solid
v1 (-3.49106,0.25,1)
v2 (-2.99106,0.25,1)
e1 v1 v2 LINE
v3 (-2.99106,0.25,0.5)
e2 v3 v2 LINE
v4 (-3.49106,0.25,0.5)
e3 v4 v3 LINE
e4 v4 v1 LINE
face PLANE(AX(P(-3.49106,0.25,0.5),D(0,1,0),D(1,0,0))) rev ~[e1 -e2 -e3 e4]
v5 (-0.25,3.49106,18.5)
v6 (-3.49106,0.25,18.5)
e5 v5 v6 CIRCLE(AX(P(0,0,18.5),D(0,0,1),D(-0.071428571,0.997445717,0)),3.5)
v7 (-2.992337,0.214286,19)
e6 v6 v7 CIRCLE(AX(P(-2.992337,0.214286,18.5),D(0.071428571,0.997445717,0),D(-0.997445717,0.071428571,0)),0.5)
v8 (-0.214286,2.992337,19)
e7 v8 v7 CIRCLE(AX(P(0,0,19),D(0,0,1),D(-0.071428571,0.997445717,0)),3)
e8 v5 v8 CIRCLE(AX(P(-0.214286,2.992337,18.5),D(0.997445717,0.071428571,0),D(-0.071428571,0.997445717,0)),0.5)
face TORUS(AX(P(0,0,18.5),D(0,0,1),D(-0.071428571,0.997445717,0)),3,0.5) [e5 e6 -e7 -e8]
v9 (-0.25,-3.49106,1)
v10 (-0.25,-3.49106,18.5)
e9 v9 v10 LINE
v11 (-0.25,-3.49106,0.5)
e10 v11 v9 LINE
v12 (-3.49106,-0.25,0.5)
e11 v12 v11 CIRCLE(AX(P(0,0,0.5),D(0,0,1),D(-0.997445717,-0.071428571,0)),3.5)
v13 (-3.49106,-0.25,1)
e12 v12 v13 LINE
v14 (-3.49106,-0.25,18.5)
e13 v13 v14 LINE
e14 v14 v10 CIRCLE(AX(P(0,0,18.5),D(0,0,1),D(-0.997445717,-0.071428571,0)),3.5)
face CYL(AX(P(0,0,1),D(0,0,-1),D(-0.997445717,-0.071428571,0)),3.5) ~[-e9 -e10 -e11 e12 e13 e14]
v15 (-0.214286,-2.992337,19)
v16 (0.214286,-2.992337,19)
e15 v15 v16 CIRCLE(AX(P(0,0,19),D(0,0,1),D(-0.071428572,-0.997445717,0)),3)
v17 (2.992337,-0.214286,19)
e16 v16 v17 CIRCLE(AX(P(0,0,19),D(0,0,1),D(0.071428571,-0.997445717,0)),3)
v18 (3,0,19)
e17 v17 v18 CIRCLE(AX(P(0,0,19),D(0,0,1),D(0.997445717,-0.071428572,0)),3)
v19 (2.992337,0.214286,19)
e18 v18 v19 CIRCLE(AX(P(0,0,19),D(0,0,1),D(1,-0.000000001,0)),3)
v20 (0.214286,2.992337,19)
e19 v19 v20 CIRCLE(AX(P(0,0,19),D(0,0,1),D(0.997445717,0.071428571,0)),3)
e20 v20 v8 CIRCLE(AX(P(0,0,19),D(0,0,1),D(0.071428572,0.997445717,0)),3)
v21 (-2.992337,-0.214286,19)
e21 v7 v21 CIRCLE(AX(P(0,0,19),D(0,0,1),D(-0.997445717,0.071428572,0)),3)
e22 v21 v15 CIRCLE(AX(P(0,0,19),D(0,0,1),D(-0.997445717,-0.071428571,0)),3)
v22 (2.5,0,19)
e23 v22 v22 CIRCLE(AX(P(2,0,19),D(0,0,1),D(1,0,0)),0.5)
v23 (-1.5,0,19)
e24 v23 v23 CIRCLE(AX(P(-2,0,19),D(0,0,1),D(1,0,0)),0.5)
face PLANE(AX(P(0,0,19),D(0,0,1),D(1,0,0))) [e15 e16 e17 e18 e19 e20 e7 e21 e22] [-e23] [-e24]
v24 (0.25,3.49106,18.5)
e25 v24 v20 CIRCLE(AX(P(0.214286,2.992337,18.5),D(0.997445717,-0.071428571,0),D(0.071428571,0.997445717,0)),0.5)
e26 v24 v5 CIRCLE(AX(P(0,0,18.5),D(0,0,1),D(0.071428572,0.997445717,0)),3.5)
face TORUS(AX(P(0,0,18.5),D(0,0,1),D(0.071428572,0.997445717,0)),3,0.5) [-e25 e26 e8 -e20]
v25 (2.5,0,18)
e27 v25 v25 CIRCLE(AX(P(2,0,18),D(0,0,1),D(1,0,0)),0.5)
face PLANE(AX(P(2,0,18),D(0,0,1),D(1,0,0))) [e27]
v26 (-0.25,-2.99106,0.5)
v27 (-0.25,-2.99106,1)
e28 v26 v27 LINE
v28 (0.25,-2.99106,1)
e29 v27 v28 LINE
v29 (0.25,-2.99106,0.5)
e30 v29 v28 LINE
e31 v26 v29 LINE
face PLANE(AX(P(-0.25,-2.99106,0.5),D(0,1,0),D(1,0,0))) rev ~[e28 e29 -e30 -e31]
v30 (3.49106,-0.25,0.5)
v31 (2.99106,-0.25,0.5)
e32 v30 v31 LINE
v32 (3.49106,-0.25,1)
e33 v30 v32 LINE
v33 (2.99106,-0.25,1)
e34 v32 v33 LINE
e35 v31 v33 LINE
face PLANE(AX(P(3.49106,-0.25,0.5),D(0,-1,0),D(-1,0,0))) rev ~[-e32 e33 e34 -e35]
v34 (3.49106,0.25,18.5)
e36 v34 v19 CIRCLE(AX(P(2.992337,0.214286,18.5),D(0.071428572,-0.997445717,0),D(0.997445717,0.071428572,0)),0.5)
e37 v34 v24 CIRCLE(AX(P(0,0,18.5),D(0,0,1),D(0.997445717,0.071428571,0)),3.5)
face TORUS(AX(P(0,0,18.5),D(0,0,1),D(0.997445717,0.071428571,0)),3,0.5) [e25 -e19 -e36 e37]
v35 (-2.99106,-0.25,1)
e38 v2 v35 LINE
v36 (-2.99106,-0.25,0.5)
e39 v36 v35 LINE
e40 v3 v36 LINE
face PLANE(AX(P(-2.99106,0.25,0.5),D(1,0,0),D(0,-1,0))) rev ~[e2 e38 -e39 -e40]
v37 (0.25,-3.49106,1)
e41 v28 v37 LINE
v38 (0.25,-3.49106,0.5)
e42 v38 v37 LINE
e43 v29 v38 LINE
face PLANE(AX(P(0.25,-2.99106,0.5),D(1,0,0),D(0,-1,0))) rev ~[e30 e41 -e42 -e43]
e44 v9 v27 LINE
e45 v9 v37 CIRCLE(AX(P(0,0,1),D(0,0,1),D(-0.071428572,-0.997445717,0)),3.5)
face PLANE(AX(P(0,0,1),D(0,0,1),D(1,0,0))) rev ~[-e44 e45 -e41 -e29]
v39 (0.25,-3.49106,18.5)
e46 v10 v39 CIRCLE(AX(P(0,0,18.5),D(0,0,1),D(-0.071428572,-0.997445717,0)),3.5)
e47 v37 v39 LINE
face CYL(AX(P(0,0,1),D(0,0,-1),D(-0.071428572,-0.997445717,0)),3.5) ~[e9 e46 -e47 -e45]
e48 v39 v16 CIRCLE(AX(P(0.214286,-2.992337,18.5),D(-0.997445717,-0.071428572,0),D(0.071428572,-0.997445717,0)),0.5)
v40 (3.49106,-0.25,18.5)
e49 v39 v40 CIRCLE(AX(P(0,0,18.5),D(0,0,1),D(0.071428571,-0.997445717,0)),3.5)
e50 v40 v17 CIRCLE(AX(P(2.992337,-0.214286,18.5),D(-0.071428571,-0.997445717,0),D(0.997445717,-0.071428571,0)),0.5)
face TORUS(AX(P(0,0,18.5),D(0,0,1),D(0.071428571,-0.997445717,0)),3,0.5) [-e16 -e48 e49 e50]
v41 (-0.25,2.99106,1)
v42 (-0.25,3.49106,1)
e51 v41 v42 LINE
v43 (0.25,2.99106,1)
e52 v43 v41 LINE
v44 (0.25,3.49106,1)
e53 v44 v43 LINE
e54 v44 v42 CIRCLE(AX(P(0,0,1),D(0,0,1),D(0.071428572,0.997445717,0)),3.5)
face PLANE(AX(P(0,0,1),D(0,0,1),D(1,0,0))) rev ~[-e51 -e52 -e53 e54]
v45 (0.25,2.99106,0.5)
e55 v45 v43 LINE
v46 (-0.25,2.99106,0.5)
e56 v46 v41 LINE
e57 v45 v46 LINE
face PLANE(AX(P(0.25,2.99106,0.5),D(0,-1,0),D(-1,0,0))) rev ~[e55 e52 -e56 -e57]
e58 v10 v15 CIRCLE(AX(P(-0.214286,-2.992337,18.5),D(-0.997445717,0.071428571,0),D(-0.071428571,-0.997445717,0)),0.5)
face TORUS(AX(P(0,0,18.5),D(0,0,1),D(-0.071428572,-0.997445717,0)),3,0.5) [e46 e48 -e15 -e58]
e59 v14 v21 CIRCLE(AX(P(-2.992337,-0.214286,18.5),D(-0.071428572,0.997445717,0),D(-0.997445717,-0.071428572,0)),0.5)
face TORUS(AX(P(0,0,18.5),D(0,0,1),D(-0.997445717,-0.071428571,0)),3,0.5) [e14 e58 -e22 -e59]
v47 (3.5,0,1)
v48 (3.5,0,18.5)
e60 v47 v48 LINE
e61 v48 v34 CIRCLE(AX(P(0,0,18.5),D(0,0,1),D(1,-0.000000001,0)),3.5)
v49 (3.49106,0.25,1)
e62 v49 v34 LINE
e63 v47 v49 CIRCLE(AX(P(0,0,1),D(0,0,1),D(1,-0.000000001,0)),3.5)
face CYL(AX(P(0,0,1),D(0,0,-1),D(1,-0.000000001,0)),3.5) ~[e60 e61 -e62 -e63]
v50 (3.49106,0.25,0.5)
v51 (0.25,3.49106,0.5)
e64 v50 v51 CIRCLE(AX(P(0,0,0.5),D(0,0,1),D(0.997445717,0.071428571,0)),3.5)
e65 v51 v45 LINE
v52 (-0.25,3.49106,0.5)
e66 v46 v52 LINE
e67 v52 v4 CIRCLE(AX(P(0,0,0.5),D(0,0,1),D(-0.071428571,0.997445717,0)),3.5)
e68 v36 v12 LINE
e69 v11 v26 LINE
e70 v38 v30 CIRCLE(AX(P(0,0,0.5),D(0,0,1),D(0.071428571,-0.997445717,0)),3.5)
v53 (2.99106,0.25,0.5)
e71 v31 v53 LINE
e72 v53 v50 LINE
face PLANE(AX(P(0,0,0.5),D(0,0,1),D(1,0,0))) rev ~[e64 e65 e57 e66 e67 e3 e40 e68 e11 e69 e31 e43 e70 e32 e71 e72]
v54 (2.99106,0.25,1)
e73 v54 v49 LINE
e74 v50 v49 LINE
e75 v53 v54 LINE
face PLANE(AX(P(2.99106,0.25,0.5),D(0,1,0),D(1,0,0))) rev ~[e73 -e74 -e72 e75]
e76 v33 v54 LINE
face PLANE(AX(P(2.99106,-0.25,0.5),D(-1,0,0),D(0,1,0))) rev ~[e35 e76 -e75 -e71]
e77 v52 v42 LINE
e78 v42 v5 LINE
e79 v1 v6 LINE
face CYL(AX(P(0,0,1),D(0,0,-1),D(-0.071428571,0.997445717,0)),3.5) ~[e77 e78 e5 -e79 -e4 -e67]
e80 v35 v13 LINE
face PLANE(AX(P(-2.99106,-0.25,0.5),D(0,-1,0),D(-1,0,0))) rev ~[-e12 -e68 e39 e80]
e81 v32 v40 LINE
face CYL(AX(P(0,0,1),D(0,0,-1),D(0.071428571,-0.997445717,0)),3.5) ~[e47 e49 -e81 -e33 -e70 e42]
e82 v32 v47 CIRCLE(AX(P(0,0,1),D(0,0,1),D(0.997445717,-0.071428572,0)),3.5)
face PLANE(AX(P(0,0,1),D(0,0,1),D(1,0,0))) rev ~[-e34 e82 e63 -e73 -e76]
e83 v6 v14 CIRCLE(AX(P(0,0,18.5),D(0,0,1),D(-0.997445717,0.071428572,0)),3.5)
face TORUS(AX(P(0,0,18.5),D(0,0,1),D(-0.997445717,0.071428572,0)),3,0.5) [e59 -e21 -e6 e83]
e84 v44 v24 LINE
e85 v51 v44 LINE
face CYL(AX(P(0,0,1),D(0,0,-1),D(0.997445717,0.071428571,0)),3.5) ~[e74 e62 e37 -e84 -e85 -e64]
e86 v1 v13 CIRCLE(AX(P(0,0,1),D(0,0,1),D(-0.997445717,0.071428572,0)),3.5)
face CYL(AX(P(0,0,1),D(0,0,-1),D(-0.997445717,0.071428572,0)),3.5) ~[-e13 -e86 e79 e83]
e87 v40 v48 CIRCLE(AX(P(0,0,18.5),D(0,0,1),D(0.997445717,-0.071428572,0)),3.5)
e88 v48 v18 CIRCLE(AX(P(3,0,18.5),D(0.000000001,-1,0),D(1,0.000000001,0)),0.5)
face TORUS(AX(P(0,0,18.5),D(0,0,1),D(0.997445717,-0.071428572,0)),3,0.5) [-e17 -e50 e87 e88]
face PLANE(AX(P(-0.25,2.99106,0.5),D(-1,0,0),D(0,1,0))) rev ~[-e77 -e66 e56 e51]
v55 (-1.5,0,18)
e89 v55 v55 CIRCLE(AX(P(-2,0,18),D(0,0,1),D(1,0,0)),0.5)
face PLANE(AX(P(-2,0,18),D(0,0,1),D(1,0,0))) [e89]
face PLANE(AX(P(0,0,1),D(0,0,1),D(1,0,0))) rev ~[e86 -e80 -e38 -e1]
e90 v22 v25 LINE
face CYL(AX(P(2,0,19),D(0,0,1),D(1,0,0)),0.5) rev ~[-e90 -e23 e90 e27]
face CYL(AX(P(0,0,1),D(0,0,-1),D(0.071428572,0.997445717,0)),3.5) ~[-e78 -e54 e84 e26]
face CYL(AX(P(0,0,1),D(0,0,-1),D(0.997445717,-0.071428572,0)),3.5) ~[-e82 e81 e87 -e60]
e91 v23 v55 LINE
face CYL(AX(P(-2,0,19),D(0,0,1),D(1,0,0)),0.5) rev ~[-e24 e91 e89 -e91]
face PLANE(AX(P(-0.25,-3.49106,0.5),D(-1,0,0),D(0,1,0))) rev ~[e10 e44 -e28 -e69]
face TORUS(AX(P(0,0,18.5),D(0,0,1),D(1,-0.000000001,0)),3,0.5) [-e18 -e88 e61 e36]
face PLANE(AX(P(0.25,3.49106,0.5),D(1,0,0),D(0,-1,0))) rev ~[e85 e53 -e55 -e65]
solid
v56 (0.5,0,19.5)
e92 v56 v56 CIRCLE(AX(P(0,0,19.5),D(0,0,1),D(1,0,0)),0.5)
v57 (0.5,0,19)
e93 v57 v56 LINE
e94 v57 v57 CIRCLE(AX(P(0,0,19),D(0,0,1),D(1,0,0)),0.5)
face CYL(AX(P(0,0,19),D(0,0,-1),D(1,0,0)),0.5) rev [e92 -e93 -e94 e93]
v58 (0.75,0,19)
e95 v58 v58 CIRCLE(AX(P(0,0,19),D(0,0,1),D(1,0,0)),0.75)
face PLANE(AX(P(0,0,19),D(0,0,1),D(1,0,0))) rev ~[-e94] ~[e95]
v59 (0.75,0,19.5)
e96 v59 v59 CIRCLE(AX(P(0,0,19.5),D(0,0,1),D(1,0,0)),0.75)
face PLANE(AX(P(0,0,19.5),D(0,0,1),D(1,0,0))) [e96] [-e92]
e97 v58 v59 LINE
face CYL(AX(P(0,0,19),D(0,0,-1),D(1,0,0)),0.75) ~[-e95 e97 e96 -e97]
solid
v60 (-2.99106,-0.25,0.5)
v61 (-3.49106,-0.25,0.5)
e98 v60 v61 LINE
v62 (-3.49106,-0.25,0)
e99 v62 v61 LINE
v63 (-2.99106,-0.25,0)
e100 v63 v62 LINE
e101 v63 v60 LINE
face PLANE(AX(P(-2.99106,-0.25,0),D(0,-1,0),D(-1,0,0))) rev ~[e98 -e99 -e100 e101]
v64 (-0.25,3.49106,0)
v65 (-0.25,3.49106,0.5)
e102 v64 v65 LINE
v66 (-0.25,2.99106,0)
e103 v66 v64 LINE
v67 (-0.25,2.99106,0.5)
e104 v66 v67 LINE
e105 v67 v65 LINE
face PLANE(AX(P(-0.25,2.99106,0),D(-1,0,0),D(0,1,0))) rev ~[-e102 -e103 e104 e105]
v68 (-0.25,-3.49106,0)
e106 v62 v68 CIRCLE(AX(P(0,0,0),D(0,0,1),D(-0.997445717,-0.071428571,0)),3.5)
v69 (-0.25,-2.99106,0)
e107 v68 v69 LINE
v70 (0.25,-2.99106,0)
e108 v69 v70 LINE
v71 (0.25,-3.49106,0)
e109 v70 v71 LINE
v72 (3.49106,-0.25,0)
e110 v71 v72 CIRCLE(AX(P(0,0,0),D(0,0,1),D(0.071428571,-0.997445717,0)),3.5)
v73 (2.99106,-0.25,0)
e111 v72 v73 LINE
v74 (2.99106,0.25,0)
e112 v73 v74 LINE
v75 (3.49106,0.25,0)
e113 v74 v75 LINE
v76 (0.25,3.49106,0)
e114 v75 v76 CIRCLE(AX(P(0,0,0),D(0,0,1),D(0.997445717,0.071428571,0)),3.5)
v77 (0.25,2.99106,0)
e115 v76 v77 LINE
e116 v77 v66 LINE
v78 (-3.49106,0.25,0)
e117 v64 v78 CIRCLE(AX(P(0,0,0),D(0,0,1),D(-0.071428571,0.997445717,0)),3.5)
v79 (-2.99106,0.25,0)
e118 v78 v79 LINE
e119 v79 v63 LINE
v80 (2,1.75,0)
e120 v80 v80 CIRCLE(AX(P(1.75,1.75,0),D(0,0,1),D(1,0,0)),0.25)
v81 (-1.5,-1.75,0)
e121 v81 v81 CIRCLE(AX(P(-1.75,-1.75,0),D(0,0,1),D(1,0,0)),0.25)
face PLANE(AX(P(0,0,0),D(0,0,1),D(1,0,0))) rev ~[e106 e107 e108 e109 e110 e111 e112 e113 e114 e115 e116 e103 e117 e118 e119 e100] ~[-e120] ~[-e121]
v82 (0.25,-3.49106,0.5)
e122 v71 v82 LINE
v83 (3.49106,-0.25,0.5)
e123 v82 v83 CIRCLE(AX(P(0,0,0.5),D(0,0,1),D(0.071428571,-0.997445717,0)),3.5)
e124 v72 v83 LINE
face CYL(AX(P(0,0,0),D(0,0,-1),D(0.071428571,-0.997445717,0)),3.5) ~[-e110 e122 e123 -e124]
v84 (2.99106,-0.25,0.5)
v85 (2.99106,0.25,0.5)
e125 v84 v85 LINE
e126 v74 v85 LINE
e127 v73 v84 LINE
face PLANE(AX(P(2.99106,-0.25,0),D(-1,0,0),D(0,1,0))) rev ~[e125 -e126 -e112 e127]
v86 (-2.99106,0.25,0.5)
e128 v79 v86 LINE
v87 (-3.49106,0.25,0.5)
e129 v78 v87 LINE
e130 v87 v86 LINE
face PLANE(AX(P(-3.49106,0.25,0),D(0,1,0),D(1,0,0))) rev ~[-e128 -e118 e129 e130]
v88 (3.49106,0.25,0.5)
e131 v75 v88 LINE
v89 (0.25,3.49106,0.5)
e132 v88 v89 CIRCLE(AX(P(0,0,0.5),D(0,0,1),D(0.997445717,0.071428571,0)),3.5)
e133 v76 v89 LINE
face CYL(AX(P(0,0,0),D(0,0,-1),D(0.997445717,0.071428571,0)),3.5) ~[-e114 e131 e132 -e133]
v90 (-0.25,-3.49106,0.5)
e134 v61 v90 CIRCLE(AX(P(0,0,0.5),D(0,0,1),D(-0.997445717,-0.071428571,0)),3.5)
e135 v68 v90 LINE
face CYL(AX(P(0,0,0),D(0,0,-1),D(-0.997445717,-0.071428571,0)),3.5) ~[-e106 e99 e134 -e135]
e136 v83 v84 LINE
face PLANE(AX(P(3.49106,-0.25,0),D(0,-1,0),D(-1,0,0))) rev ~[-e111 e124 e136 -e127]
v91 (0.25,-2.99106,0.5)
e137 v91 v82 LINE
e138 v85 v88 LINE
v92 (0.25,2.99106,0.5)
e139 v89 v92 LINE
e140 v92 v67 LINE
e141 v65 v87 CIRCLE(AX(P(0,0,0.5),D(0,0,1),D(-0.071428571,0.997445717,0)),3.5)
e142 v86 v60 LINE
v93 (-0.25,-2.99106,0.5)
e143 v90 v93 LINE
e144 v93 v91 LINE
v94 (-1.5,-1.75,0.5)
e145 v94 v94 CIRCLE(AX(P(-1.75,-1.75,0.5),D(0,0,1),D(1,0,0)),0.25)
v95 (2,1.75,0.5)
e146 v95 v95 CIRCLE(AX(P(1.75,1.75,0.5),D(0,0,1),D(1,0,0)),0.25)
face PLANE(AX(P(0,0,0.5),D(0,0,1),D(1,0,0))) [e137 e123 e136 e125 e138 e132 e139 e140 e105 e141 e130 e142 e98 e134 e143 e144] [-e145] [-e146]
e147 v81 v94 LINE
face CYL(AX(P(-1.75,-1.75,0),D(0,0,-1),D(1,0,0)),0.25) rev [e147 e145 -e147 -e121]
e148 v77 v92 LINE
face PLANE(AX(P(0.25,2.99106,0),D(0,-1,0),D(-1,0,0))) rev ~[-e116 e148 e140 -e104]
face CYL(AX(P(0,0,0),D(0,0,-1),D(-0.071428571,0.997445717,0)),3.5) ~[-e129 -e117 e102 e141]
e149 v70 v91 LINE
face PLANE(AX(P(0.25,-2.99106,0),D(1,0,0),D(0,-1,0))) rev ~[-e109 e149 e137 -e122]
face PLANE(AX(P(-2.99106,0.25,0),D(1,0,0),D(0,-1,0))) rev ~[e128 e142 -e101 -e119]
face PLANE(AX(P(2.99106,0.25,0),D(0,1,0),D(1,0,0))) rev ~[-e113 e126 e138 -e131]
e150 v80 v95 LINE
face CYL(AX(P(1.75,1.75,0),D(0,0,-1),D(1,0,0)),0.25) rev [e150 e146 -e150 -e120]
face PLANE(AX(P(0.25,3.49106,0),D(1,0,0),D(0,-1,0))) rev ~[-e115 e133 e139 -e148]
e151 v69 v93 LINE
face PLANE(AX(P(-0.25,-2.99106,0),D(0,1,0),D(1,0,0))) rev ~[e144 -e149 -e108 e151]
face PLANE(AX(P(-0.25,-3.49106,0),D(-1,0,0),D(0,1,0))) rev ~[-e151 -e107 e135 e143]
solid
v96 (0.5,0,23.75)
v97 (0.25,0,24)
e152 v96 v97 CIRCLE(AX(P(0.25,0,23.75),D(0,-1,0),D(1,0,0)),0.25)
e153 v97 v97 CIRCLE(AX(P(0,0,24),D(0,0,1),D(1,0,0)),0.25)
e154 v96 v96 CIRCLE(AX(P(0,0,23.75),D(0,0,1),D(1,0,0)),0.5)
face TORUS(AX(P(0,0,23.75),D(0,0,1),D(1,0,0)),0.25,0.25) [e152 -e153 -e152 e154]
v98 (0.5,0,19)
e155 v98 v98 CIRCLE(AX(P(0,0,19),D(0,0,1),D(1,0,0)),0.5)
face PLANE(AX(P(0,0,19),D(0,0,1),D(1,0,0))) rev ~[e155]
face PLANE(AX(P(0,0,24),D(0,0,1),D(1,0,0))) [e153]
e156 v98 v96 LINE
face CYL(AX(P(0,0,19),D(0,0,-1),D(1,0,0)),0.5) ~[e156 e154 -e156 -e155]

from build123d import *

# Parameters (mm, degrees)
F0_R     = 0.25
F1_DEPTH = 0.5
F2_START = 0.5
F2_DEPTH = 0.5
F3_START = 1
F3_DEPTH = 18
F4_R     = 0.5
F5_R     = 0.5
F6_DEPTH = 1
F5_R_2   = 0.75
F7_DEPTH = 0.5
F8_DEPTH = 5
F9_R     = 0.25


with BuildPart() as f1:
    # F0 (on Top) → F1 (new body)
    with BuildSketch(Plane.XY):
        with BuildLine():
            Line((0.25, 2.9910600109), (-0.25, 2.9910600109))
            Line((-0.25, 2.9910600109), (-0.25, 3.4910600109))
            ThreePointArc((-0.25, 3.4910600109), (-2.4748737342, 2.4748737342), (-3.4910600109, 0.25))
            Line((-3.4910600109, 0.25), (-2.9910600109, 0.25))
            Line((-2.9910600109, 0.25), (-2.9910600109, -0.25))
            Line((-2.9910600109, -0.25), (-3.4910600109, -0.25))
            ThreePointArc((-3.4910600109, -0.25), (-2.4748737342, -2.4748737342), (-0.25, -3.4910600109))
            Line((-0.25, -3.4910600109), (-0.25, -2.9910600109))
            Line((-0.25, -2.9910600109), (0.25, -2.9910600109))
            Line((0.25, -2.9910600109), (0.25, -3.4910600109))
            ThreePointArc((0.25, -3.4910600109), (2.4748737342, -2.4748737342), (3.4910600109, -0.25))
            Line((3.4910600109, -0.25), (2.9910600109, -0.25))
            Line((2.9910600109, -0.25), (2.9910600109, 0.25))
            Line((2.9910600109, 0.25), (3.4910600109, 0.25))
            ThreePointArc((3.4910600109, 0.25), (2.4748737342, 2.4748737342), (0.25, 3.4910600109))
            Line((0.25, 3.4910600109), (0.25, 2.9910600109))
        make_face()
        with Locations((-1.75, -1.75)):
            Circle(F0_R, mode=Mode.SUBTRACT)
        with Locations((1.75, 1.75)):
            Circle(F0_R, mode=Mode.SUBTRACT)
    extrude(amount=F1_DEPTH)


with BuildPart() as f2:
    # F0 (on Top) → F2 (new body)
    with BuildSketch(Plane.XY.offset(F2_START)):
        with BuildLine():
            Line((0.25, 2.9910600109), (-0.25, 2.9910600109))
            Line((-0.25, 2.9910600109), (-0.25, 3.4910600109))
            ThreePointArc((-0.25, 3.4910600109), (-2.4748737342, 2.4748737342), (-3.4910600109, 0.25))
            Line((-3.4910600109, 0.25), (-2.9910600109, 0.25))
            Line((-2.9910600109, 0.25), (-2.9910600109, -0.25))
            Line((-2.9910600109, -0.25), (-3.4910600109, -0.25))
            ThreePointArc((-3.4910600109, -0.25), (-2.4748737342, -2.4748737342), (-0.25, -3.4910600109))
            Line((-0.25, -3.4910600109), (-0.25, -2.9910600109))
            Line((-0.25, -2.9910600109), (0.25, -2.9910600109))
            Line((0.25, -2.9910600109), (0.25, -3.4910600109))
            ThreePointArc((0.25, -3.4910600109), (2.4748737342, -2.4748737342), (3.4910600109, -0.25))
            Line((3.4910600109, -0.25), (2.9910600109, -0.25))
            Line((2.9910600109, -0.25), (2.9910600109, 0.25))
            Line((2.9910600109, 0.25), (3.4910600109, 0.25))
            ThreePointArc((3.4910600109, 0.25), (2.4748737342, 2.4748737342), (0.25, 3.4910600109))
            Line((0.25, 3.4910600109), (0.25, 2.9910600109))
        make_face()
        with Locations((-1.75, -1.75)):
            Circle(F0_R, mode=Mode.SUBTRACT)
        with Locations((1.75, 1.75)):
            Circle(F0_R, mode=Mode.SUBTRACT)
        with Locations((-1.75, -1.75)):
            Circle(F0_R)
        with Locations((1.75, 1.75)):
            Circle(F0_R)
    extrude(amount=F2_DEPTH)

    # F0 (on Top) → F3 (join)
    with BuildSketch(Plane.XY.offset(F3_START)):
        with BuildLine():
            Line((0.25, 2.9910600109), (-0.25, 2.9910600109))
            Line((-0.25, 2.9910600109), (-0.25, 3.4910600109))
            ThreePointArc((-0.25, 3.4910600109), (-2.4748737342, 2.4748737342), (-3.4910600109, 0.25))
            Line((-3.4910600109, 0.25), (-2.9910600109, 0.25))
            Line((-2.9910600109, 0.25), (-2.9910600109, -0.25))
            Line((-2.9910600109, -0.25), (-3.4910600109, -0.25))
            ThreePointArc((-3.4910600109, -0.25), (-2.4748737342, -2.4748737342), (-0.25, -3.4910600109))
            Line((-0.25, -3.4910600109), (-0.25, -2.9910600109))
            Line((-0.25, -2.9910600109), (0.25, -2.9910600109))
            Line((0.25, -2.9910600109), (0.25, -3.4910600109))
            ThreePointArc((0.25, -3.4910600109), (2.4748737342, -2.4748737342), (3.4910600109, -0.25))
            Line((3.4910600109, -0.25), (2.9910600109, -0.25))
            Line((2.9910600109, -0.25), (2.9910600109, 0.25))
            Line((2.9910600109, 0.25), (3.4910600109, 0.25))
            ThreePointArc((3.4910600109, 0.25), (2.4748737342, 2.4748737342), (0.25, 3.4910600109))
            Line((0.25, 3.4910600109), (0.25, 2.9910600109))
        make_face()
        with Locations((-1.75, -1.75)):
            Circle(F0_R, mode=Mode.SUBTRACT)
        with Locations((1.75, 1.75)):
            Circle(F0_R, mode=Mode.SUBTRACT)
        with BuildLine():
            Line((-0.25, -2.9910600109), (-0.25, -3.4910600109))
            ThreePointArc((-0.25, -3.4910600109), (0, -3.5), (0.25, -3.4910600109))
            Line((0.25, -3.4910600109), (0.25, -2.9910600109))
            Line((0.25, -2.9910600109), (-0.25, -2.9910600109))
        make_face()
        with BuildLine():
            Line((-2.9910600109, 0.25), (-3.4910600109, 0.25))
            ThreePointArc((-3.4910600109, 0.25), (-3.5, 0), (-3.4910600109, -0.25))
            Line((-3.4910600109, -0.25), (-2.9910600109, -0.25))
            Line((-2.9910600109, -0.25), (-2.9910600109, 0.25))
        make_face()
        with BuildLine():
            Line((-0.25, 3.4910600109), (-0.25, 2.9910600109))
            Line((-0.25, 2.9910600109), (0.25, 2.9910600109))
            Line((0.25, 2.9910600109), (0.25, 3.4910600109))
            ThreePointArc((0.25, 3.4910600109), (0, 3.5), (-0.25, 3.4910600109))
        make_face()
        with Locations((-1.75, -1.75)):
            Circle(F0_R)
        with Locations((1.75, 1.75)):
            Circle(F0_R)
        with BuildLine():
            ThreePointArc((3.5, 0), (3.4977642887, 0.1250798979), (3.4910600109, 0.25))
            Line((3.4910600109, 0.25), (2.9910600109, 0.25))
            Line((2.9910600109, 0.25), (2.9910600109, -0.25))
            Line((2.9910600109, -0.25), (3.4910600109, -0.25))
            ThreePointArc((3.4910600109, -0.25), (3.4977642887, -0.1250798979), (3.5, 0))
        make_face()
    extrude(amount=F3_DEPTH)

    # F4
    f4_edges = [f2.edges().sort_by_distance(p)[0] for p in [
        (-3.49106, 0.25, 19),
    ]]
    fillet(f4_edges, radius=F4_R)

    # F5 (on face) → F6 (cut)
    with BuildSketch(Plane.XY.offset(19)):
        with Locations((-2, 0)):
            Circle(F5_R)
        with Locations((2, 0)):
            Circle(F5_R)
    extrude(amount=-F6_DEPTH, mode=Mode.SUBTRACT)


with BuildPart() as f7:
    # F5 (on face) → F7 (new body)
    with BuildSketch(Plane.XY.offset(19)):
        Circle(F5_R_2)
        Circle(F5_R, mode=Mode.SUBTRACT)
    extrude(amount=F7_DEPTH)


with BuildPart() as f8:
    # F5 (on face) → F8 (new body)
    with BuildSketch(Plane.XY.offset(19)):
        Circle(F5_R)
    extrude(amount=F8_DEPTH)

    # F9
    f9_edges = [f8.edges().sort_by_distance(p)[0] for p in [
        (-0.5, 0, 24),
    ]]
    fillet(f9_edges, radius=F9_R)


solid = Compound([f1.part, f2.part, f7.part, f8.part])
